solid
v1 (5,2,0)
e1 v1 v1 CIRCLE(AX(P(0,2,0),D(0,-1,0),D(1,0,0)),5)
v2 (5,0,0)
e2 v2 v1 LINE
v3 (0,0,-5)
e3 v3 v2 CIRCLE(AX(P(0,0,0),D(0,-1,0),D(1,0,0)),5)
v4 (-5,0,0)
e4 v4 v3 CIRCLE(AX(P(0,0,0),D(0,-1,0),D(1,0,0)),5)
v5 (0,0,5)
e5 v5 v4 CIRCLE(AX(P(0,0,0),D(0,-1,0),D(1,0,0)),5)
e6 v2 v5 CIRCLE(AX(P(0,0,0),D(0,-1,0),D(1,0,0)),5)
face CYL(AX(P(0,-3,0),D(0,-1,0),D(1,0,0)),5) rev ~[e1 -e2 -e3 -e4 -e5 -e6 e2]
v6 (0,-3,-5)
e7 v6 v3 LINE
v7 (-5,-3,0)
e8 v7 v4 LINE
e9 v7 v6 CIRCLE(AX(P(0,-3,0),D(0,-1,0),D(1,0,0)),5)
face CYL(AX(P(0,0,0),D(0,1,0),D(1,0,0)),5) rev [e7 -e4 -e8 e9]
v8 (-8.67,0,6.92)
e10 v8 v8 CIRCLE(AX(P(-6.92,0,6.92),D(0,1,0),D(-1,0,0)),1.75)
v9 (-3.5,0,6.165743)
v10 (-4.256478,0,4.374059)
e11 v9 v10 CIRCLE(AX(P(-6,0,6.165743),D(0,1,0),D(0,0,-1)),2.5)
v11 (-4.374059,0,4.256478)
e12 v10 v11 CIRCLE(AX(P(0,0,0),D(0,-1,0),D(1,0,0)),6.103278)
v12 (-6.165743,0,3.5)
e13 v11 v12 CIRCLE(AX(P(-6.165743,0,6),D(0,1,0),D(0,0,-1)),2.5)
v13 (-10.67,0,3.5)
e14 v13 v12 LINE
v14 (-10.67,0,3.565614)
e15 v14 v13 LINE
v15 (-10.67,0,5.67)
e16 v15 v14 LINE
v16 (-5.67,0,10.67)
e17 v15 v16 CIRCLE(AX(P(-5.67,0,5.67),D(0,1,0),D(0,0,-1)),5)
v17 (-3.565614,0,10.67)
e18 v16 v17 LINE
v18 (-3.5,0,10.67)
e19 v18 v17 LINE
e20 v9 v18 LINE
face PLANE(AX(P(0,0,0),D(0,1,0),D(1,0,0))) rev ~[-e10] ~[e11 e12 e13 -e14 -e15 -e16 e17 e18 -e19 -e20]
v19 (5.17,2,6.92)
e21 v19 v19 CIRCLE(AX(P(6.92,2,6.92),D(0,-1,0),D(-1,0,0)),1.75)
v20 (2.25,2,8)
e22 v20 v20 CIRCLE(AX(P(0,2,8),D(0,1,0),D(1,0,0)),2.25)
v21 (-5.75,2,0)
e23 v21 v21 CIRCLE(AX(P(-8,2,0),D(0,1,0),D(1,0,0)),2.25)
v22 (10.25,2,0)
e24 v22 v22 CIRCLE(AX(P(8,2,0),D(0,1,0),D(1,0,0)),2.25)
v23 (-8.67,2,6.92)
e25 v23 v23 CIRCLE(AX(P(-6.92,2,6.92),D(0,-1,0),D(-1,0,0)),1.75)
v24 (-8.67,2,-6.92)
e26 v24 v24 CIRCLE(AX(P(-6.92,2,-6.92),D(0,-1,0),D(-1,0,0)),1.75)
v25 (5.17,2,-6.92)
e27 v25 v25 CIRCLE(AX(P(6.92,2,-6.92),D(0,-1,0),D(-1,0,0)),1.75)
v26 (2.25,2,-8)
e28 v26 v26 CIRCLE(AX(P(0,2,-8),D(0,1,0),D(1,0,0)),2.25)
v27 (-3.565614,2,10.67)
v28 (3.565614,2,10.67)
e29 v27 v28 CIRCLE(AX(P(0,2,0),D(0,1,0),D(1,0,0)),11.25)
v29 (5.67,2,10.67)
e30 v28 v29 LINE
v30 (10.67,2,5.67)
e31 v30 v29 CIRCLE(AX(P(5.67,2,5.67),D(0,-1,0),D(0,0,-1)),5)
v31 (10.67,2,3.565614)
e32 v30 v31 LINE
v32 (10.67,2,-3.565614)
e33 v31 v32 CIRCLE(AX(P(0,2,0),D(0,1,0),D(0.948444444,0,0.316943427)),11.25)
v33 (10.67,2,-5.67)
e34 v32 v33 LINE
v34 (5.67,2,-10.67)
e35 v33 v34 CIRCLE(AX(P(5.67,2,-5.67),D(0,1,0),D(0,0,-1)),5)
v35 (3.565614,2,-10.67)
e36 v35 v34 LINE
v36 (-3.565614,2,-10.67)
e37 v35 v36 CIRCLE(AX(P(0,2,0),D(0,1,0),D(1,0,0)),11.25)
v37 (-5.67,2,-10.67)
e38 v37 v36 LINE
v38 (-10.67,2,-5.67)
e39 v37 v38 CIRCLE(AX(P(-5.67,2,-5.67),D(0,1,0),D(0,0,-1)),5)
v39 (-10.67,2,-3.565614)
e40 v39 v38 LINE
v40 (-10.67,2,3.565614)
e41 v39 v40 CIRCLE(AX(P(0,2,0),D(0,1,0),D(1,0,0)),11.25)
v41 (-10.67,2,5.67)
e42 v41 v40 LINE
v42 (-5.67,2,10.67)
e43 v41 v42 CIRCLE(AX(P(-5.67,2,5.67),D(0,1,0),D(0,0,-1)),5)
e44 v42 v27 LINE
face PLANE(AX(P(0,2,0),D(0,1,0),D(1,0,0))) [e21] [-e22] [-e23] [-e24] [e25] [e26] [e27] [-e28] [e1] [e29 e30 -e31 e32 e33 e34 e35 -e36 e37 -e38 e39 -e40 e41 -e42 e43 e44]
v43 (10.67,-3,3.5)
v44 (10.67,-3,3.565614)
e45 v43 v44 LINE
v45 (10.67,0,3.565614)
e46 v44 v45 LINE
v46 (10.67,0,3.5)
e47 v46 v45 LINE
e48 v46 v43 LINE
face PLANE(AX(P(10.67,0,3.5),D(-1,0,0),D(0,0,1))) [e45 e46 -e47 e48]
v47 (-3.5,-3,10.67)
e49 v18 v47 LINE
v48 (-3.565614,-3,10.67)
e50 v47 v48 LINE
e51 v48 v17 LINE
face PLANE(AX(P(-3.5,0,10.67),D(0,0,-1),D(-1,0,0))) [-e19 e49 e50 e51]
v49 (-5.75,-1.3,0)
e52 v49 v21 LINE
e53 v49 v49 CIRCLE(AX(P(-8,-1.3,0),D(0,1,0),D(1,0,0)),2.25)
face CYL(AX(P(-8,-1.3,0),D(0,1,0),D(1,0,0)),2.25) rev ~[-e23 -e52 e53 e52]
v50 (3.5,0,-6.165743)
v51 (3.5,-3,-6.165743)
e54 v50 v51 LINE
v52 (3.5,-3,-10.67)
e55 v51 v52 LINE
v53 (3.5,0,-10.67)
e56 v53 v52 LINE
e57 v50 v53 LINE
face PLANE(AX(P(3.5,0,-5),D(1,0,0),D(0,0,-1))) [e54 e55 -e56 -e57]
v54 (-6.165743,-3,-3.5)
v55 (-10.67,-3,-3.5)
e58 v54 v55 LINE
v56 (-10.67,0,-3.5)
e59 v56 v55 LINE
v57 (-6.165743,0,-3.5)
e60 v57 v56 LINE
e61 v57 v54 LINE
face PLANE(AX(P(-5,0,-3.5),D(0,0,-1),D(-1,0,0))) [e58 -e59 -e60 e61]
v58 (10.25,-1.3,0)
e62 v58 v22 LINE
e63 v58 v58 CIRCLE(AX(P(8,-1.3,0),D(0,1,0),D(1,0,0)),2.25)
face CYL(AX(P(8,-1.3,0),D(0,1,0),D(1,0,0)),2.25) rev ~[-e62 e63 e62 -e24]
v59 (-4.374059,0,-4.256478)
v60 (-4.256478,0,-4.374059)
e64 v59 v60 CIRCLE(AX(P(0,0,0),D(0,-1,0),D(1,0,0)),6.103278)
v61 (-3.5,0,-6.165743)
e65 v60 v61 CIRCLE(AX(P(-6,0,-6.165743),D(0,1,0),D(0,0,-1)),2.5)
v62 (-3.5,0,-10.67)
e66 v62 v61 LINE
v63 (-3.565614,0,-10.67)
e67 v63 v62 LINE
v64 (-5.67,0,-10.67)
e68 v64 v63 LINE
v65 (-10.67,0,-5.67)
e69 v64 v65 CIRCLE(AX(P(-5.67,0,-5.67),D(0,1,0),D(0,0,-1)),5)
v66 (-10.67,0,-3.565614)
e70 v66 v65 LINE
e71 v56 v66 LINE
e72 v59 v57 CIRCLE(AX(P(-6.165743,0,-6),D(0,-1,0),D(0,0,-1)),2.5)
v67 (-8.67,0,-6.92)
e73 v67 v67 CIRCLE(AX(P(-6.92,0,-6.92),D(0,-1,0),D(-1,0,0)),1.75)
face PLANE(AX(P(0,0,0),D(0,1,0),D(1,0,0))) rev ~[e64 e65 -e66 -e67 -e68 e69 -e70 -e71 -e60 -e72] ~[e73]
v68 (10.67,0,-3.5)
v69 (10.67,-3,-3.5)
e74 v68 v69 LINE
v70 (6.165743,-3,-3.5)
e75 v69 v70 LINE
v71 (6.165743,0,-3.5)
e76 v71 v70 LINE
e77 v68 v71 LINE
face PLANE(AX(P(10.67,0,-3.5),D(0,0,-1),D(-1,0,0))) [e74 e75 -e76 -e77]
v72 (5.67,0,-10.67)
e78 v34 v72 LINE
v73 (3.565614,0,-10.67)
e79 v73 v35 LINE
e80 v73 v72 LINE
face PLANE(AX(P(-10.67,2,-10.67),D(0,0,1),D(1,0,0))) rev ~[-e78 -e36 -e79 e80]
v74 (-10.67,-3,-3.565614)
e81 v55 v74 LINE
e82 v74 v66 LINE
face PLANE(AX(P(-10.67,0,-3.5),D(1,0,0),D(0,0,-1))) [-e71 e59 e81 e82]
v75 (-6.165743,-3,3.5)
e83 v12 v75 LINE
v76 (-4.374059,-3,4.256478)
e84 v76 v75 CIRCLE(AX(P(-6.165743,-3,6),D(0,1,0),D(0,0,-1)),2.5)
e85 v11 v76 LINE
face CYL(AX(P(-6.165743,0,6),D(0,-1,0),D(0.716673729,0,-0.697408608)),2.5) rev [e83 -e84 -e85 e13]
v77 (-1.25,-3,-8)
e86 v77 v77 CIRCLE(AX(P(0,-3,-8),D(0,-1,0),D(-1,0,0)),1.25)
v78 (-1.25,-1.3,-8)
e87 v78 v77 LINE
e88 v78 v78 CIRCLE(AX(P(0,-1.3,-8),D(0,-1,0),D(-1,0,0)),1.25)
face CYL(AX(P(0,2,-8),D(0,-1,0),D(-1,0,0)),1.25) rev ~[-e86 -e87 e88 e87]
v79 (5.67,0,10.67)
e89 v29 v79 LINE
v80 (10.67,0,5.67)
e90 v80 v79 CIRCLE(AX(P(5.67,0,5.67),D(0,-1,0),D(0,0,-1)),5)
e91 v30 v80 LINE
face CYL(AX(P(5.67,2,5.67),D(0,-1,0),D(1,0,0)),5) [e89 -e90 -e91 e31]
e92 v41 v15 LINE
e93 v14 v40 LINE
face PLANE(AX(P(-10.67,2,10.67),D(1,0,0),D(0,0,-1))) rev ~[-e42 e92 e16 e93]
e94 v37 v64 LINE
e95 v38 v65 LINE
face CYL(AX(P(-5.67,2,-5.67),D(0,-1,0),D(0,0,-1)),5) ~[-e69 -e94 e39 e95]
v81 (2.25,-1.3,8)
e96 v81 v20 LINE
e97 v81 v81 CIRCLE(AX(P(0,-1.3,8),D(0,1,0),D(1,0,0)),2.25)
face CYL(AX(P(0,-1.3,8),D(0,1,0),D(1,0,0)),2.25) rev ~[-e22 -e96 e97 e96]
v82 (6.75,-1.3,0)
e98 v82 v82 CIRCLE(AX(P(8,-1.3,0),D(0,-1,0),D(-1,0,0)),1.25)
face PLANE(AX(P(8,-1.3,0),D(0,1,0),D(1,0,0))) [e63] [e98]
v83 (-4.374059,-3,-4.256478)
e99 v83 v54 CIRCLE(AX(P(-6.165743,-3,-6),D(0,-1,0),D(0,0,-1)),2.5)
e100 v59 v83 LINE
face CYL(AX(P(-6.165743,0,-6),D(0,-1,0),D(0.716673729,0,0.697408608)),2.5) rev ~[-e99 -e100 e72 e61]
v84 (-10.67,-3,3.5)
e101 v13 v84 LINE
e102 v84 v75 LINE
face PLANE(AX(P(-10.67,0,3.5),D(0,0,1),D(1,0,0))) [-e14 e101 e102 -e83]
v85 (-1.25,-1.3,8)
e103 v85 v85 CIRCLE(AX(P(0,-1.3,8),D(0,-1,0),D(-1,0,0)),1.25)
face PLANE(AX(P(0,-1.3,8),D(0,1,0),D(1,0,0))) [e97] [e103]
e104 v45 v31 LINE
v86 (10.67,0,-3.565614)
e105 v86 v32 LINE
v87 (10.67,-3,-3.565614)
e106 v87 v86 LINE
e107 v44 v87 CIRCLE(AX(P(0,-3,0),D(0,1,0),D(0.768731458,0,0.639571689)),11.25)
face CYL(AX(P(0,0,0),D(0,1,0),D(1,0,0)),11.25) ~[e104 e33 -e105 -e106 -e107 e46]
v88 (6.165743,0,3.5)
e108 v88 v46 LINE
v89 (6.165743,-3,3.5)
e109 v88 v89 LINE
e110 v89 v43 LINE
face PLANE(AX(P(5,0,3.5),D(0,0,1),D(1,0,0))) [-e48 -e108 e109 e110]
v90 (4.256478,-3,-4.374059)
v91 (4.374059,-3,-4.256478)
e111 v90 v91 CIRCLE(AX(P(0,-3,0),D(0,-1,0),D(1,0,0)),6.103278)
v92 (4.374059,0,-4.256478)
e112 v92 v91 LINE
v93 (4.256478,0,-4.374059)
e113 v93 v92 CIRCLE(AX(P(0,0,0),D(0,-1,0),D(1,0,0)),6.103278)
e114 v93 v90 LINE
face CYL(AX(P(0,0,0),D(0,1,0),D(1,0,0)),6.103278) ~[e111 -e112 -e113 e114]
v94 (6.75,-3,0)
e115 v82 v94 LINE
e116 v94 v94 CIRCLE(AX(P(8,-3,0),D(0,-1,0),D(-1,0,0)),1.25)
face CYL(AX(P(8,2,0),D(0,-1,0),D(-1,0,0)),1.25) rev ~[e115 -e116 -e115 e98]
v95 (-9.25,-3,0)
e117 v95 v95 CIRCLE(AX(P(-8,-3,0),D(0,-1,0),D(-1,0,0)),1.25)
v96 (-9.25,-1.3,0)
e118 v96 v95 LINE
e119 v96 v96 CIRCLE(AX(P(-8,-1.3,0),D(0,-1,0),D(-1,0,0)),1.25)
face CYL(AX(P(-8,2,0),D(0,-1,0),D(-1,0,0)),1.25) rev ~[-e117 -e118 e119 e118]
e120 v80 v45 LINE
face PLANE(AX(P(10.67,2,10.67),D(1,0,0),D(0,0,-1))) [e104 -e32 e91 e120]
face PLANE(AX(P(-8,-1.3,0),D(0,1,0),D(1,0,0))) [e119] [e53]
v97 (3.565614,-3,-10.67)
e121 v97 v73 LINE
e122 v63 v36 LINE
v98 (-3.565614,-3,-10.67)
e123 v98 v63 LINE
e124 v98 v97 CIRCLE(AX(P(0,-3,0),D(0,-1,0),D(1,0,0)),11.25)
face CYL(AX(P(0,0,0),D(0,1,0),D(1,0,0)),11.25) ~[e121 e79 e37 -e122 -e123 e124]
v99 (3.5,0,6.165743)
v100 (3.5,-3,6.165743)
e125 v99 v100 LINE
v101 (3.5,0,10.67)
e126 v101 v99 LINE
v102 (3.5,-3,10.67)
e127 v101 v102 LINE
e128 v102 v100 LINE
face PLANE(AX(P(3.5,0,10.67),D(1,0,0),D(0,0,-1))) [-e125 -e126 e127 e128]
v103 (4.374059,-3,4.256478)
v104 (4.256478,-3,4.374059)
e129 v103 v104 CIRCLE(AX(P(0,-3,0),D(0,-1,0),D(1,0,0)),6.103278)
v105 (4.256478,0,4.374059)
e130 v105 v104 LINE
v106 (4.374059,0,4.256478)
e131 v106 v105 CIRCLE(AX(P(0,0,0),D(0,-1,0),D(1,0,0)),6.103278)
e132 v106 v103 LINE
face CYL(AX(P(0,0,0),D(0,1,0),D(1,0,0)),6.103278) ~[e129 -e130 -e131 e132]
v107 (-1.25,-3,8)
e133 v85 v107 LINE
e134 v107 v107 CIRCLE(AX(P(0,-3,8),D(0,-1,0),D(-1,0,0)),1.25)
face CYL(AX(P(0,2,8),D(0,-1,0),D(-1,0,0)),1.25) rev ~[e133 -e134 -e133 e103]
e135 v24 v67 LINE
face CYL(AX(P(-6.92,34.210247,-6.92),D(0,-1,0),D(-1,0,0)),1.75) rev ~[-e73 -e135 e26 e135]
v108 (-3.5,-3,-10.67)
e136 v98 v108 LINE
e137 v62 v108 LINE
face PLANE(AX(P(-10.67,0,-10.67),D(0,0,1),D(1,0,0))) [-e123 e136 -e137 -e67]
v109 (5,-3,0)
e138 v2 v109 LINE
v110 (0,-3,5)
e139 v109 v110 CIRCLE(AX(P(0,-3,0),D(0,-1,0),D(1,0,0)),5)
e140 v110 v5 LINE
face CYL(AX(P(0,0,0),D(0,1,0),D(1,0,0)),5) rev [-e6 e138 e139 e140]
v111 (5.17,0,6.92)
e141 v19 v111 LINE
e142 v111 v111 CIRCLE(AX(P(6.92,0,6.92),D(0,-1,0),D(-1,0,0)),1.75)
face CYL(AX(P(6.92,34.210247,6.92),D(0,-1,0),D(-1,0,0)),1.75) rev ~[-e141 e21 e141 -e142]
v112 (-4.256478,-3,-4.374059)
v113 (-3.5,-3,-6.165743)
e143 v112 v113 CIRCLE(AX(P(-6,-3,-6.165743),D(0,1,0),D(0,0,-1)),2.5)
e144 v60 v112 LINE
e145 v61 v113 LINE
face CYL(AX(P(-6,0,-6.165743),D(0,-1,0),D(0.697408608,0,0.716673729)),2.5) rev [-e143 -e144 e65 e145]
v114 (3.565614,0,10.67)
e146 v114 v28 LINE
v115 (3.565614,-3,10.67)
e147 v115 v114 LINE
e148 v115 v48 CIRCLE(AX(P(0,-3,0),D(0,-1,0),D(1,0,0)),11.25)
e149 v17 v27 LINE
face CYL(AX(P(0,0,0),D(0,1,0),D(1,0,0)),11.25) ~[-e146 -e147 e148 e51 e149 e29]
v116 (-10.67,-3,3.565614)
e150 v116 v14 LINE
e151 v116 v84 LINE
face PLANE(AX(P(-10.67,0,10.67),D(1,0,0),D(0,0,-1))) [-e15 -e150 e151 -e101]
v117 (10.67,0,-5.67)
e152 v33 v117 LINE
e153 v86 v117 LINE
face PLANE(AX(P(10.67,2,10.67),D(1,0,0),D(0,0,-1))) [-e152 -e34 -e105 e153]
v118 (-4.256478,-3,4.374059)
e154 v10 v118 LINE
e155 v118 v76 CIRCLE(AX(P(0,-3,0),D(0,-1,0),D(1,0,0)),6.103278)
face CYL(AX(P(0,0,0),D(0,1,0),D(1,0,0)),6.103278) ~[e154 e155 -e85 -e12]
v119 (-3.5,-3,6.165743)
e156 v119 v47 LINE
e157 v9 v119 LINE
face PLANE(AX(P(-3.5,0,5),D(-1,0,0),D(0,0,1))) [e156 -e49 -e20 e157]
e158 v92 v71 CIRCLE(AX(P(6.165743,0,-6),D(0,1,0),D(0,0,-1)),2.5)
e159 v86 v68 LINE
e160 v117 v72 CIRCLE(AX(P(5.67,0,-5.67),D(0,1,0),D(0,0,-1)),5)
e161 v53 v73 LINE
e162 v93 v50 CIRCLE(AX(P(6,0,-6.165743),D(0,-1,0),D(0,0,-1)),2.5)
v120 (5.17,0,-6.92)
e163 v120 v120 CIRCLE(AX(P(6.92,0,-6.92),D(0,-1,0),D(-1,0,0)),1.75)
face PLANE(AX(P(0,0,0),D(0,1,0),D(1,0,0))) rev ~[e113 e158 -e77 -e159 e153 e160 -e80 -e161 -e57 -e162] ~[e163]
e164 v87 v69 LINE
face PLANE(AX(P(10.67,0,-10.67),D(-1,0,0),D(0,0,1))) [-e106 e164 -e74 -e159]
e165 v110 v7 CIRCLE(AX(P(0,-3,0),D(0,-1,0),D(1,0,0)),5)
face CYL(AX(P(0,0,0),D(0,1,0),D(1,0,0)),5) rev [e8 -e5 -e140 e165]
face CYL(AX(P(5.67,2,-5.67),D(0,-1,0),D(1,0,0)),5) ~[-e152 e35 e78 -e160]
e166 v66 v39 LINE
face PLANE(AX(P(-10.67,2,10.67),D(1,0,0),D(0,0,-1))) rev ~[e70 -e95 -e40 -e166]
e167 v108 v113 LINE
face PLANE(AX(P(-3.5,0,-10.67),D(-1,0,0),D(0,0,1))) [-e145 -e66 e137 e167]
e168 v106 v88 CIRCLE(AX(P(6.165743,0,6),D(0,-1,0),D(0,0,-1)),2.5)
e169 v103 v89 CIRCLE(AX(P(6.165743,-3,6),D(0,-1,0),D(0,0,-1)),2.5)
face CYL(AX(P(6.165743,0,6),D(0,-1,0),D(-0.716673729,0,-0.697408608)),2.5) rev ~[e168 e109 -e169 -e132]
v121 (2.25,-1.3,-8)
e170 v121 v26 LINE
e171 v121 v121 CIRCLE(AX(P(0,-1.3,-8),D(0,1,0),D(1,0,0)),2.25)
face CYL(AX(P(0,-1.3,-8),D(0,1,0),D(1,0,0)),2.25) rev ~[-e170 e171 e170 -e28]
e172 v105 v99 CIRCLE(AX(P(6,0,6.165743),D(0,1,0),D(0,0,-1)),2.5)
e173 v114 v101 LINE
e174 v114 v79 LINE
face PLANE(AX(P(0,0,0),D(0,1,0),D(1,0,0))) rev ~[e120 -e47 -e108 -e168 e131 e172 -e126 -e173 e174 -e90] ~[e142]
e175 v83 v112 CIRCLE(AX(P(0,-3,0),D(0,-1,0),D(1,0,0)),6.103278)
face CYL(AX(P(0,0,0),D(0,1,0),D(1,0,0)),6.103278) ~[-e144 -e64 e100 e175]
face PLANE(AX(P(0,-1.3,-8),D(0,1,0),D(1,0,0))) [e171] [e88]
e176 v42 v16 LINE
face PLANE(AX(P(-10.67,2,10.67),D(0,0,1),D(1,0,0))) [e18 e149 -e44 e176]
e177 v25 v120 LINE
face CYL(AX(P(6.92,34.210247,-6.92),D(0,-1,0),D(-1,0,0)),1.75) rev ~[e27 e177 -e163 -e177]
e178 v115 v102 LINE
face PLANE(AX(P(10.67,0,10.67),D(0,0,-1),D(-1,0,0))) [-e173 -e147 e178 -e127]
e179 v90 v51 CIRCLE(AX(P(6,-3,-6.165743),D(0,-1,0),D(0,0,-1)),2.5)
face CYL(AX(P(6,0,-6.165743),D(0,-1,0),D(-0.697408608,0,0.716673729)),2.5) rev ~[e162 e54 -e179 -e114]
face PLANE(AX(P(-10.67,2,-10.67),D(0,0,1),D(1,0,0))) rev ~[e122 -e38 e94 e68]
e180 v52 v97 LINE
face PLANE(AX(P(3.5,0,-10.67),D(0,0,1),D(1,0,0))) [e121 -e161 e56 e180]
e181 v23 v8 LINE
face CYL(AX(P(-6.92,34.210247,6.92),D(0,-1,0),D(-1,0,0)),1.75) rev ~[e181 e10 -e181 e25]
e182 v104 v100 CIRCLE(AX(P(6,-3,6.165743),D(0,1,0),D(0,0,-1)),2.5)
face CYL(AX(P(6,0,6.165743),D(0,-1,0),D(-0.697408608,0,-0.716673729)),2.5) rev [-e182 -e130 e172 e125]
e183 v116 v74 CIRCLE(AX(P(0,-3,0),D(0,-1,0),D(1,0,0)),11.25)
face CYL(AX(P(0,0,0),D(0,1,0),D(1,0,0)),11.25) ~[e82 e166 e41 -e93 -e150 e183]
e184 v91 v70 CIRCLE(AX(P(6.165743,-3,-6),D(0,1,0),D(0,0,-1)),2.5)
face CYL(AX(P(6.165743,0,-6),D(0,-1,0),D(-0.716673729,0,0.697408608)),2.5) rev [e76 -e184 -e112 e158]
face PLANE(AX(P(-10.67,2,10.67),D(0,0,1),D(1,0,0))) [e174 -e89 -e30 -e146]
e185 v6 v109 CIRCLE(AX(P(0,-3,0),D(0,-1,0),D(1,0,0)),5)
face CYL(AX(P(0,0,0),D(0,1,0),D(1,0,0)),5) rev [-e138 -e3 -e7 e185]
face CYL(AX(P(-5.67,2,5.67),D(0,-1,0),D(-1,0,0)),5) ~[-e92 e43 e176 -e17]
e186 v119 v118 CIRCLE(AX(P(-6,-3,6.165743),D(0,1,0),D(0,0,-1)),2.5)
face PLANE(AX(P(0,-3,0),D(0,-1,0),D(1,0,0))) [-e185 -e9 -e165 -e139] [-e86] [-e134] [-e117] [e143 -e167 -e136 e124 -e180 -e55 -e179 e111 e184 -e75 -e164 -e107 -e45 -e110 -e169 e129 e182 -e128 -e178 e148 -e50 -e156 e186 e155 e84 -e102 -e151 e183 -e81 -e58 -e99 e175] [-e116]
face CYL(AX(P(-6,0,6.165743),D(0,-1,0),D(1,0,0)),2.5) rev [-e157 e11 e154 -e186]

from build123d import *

# Parameters (mm, degrees)
ESQUISSE1_R                                     = 11.25
BOSS_EXTRU_1_DEPTH                              = 2
ESQUISSE8_R                                     = 11.25
BOSS_EXTRU_2_DEPTH                              = 3
ESQUISSE15_W                                    = 21.34
ESQUISSE15_H                                    = 21.34
BOSS_EXTRU_3_DEPTH                              = 2
ESQUISSE14_R                                    = 5
ENL_V_MAT_EXTRU_3_DEPTH                         = 6
D_GAGEMENT_M21_D                                = 3.5
ENL_V_MAT_EXTRU_11_DEPTH                        = 3
CONG_1_R                                        = 5
ESQUISSE20_R                                    = 6.103277808
ESQUISSE20_R_2                                  = 5
BOSS_EXTRU_5_DEPTH                              = 3
CONG_3_R                                        = 2.5
CHAMBRAGE_POUR_VIS_T_TE_CYLINDRIQUE_D           = 2.5
CHAMBRAGE_POUR_VIS_T_TE_CYLINDRIQUE_CBORE_D     = 4.5
CHAMBRAGE_POUR_VIS_T_TE_CYLINDRIQUE_CBORE_DEPTH = 3.3


with BuildPart() as part:
    # Esquisse1 → Boss.-Extru.1 (new body)
    with BuildSketch(Plane(origin=(0, 0, 0), x_dir=(1, 0, 0), z_dir=(0, 1, 0))):
        Circle(ESQUISSE1_R)
    extrude(amount=BOSS_EXTRU_1_DEPTH)

    # Esquisse8 → Boss.-Extru.2 (add)
    with BuildSketch(Plane.XZ):
        Circle(ESQUISSE8_R)
    extrude(amount=BOSS_EXTRU_2_DEPTH)

    # Esquisse15 → Boss.-Extru.3 (add)
    with BuildSketch(Plane(origin=(0, 2, 0), x_dir=(1, 0, 0), z_dir=(0, 1, 0))):
        Rectangle(ESQUISSE15_W, ESQUISSE15_H)
    extrude(amount=-BOSS_EXTRU_3_DEPTH)

    # Esquisse14 → Enlèv. mat.-Extru.3 (cut)
    with BuildSketch(Plane.XZ.offset(3)):
        Circle(ESQUISSE14_R)
    extrude(amount=-ENL_V_MAT_EXTRU_3_DEPTH, mode=Mode.SUBTRACT)

    # Dégagement M21 (through all)
    with Locations(Plane(origin=(0, 2, 0), x_dir=(1, 0, 0), z_dir=(0, 1, 0))):
        with Locations((6.92, -6.92), (-6.92, -6.92), (-6.92, 6.92), (6.92, 6.92)):
            Hole(D_GAGEMENT_M21_D / 2)

    # Esquisse18 → Enlèv. mat.-Extru.11 (cut)
    with BuildSketch(Plane.XZ):
        Polygon((-3.5, -10.67), (-3.5, -5), (3.5, -5), (3.5, -10.67), (10.67, -10.67), (10.67, -3.5), (5, -3.5), (5, 3.5), (10.67, 3.5), (10.67, 10.67), (3.5, 10.67), (3.5, 5), (-3.5, 5), (-3.5, 10.67), (-10.67, 10.67), (-10.67, 3.5), (-5, 3.5), (-5, -3.5), (-10.67, -3.5), (-10.67, -10.67), align=None)
    extrude(amount=ENL_V_MAT_EXTRU_11_DEPTH, mode=Mode.SUBTRACT)

    # Congé1
    cong_1_edges = [part.edges().sort_by_distance(p)[0] for p in [
        (-10.67, 1, 10.67),
        (-10.67, 1, -10.67),
        (10.67, 1, -10.67),
        (10.67, 1, 10.67),
    ]]
    fillet(cong_1_edges, radius=CONG_1_R)

    # Esquisse20 → Boss.-Extru.5 (add)
    with BuildSketch(Plane.XZ):
        Circle(ESQUISSE20_R)
        Circle(ESQUISSE20_R_2, mode=Mode.SUBTRACT)
    extrude(amount=BOSS_EXTRU_5_DEPTH)

    # Congé3
    cong_3_edges = [part.edges().sort_by_distance(p)[0] for p in [
        (-5, -1.5, 3.5),
        (-3.5, -1.5, -5),
        (5, -1.5, -3.5),
        (3.5, -1.5, 5),
        (-5, -1.5, -3.5),
        (3.5, -1.5, -5),
        (5, -1.5, 3.5),
        (-3.5, -1.5, 5),
    ]]
    fillet(cong_3_edges, radius=CONG_3_R)

    # Chambrage pour vis à tête cylindrique à 6 pans creux (ou vis CHC) M21 (through all)
    with Locations(Plane(origin=(0, 2, 0), x_dir=(1, 0, 0), z_dir=(0, 1, 0))):
        with Locations((-8, 0), (0, -8), (8, 0), (0, 8)):
            CounterBoreHole(CHAMBRAGE_POUR_VIS_T_TE_CYLINDRIQUE_D / 2, CHAMBRAGE_POUR_VIS_T_TE_CYLINDRIQUE_CBORE_D / 2, CHAMBRAGE_POUR_VIS_T_TE_CYLINDRIQUE_CBORE_DEPTH)


solid = part.part
